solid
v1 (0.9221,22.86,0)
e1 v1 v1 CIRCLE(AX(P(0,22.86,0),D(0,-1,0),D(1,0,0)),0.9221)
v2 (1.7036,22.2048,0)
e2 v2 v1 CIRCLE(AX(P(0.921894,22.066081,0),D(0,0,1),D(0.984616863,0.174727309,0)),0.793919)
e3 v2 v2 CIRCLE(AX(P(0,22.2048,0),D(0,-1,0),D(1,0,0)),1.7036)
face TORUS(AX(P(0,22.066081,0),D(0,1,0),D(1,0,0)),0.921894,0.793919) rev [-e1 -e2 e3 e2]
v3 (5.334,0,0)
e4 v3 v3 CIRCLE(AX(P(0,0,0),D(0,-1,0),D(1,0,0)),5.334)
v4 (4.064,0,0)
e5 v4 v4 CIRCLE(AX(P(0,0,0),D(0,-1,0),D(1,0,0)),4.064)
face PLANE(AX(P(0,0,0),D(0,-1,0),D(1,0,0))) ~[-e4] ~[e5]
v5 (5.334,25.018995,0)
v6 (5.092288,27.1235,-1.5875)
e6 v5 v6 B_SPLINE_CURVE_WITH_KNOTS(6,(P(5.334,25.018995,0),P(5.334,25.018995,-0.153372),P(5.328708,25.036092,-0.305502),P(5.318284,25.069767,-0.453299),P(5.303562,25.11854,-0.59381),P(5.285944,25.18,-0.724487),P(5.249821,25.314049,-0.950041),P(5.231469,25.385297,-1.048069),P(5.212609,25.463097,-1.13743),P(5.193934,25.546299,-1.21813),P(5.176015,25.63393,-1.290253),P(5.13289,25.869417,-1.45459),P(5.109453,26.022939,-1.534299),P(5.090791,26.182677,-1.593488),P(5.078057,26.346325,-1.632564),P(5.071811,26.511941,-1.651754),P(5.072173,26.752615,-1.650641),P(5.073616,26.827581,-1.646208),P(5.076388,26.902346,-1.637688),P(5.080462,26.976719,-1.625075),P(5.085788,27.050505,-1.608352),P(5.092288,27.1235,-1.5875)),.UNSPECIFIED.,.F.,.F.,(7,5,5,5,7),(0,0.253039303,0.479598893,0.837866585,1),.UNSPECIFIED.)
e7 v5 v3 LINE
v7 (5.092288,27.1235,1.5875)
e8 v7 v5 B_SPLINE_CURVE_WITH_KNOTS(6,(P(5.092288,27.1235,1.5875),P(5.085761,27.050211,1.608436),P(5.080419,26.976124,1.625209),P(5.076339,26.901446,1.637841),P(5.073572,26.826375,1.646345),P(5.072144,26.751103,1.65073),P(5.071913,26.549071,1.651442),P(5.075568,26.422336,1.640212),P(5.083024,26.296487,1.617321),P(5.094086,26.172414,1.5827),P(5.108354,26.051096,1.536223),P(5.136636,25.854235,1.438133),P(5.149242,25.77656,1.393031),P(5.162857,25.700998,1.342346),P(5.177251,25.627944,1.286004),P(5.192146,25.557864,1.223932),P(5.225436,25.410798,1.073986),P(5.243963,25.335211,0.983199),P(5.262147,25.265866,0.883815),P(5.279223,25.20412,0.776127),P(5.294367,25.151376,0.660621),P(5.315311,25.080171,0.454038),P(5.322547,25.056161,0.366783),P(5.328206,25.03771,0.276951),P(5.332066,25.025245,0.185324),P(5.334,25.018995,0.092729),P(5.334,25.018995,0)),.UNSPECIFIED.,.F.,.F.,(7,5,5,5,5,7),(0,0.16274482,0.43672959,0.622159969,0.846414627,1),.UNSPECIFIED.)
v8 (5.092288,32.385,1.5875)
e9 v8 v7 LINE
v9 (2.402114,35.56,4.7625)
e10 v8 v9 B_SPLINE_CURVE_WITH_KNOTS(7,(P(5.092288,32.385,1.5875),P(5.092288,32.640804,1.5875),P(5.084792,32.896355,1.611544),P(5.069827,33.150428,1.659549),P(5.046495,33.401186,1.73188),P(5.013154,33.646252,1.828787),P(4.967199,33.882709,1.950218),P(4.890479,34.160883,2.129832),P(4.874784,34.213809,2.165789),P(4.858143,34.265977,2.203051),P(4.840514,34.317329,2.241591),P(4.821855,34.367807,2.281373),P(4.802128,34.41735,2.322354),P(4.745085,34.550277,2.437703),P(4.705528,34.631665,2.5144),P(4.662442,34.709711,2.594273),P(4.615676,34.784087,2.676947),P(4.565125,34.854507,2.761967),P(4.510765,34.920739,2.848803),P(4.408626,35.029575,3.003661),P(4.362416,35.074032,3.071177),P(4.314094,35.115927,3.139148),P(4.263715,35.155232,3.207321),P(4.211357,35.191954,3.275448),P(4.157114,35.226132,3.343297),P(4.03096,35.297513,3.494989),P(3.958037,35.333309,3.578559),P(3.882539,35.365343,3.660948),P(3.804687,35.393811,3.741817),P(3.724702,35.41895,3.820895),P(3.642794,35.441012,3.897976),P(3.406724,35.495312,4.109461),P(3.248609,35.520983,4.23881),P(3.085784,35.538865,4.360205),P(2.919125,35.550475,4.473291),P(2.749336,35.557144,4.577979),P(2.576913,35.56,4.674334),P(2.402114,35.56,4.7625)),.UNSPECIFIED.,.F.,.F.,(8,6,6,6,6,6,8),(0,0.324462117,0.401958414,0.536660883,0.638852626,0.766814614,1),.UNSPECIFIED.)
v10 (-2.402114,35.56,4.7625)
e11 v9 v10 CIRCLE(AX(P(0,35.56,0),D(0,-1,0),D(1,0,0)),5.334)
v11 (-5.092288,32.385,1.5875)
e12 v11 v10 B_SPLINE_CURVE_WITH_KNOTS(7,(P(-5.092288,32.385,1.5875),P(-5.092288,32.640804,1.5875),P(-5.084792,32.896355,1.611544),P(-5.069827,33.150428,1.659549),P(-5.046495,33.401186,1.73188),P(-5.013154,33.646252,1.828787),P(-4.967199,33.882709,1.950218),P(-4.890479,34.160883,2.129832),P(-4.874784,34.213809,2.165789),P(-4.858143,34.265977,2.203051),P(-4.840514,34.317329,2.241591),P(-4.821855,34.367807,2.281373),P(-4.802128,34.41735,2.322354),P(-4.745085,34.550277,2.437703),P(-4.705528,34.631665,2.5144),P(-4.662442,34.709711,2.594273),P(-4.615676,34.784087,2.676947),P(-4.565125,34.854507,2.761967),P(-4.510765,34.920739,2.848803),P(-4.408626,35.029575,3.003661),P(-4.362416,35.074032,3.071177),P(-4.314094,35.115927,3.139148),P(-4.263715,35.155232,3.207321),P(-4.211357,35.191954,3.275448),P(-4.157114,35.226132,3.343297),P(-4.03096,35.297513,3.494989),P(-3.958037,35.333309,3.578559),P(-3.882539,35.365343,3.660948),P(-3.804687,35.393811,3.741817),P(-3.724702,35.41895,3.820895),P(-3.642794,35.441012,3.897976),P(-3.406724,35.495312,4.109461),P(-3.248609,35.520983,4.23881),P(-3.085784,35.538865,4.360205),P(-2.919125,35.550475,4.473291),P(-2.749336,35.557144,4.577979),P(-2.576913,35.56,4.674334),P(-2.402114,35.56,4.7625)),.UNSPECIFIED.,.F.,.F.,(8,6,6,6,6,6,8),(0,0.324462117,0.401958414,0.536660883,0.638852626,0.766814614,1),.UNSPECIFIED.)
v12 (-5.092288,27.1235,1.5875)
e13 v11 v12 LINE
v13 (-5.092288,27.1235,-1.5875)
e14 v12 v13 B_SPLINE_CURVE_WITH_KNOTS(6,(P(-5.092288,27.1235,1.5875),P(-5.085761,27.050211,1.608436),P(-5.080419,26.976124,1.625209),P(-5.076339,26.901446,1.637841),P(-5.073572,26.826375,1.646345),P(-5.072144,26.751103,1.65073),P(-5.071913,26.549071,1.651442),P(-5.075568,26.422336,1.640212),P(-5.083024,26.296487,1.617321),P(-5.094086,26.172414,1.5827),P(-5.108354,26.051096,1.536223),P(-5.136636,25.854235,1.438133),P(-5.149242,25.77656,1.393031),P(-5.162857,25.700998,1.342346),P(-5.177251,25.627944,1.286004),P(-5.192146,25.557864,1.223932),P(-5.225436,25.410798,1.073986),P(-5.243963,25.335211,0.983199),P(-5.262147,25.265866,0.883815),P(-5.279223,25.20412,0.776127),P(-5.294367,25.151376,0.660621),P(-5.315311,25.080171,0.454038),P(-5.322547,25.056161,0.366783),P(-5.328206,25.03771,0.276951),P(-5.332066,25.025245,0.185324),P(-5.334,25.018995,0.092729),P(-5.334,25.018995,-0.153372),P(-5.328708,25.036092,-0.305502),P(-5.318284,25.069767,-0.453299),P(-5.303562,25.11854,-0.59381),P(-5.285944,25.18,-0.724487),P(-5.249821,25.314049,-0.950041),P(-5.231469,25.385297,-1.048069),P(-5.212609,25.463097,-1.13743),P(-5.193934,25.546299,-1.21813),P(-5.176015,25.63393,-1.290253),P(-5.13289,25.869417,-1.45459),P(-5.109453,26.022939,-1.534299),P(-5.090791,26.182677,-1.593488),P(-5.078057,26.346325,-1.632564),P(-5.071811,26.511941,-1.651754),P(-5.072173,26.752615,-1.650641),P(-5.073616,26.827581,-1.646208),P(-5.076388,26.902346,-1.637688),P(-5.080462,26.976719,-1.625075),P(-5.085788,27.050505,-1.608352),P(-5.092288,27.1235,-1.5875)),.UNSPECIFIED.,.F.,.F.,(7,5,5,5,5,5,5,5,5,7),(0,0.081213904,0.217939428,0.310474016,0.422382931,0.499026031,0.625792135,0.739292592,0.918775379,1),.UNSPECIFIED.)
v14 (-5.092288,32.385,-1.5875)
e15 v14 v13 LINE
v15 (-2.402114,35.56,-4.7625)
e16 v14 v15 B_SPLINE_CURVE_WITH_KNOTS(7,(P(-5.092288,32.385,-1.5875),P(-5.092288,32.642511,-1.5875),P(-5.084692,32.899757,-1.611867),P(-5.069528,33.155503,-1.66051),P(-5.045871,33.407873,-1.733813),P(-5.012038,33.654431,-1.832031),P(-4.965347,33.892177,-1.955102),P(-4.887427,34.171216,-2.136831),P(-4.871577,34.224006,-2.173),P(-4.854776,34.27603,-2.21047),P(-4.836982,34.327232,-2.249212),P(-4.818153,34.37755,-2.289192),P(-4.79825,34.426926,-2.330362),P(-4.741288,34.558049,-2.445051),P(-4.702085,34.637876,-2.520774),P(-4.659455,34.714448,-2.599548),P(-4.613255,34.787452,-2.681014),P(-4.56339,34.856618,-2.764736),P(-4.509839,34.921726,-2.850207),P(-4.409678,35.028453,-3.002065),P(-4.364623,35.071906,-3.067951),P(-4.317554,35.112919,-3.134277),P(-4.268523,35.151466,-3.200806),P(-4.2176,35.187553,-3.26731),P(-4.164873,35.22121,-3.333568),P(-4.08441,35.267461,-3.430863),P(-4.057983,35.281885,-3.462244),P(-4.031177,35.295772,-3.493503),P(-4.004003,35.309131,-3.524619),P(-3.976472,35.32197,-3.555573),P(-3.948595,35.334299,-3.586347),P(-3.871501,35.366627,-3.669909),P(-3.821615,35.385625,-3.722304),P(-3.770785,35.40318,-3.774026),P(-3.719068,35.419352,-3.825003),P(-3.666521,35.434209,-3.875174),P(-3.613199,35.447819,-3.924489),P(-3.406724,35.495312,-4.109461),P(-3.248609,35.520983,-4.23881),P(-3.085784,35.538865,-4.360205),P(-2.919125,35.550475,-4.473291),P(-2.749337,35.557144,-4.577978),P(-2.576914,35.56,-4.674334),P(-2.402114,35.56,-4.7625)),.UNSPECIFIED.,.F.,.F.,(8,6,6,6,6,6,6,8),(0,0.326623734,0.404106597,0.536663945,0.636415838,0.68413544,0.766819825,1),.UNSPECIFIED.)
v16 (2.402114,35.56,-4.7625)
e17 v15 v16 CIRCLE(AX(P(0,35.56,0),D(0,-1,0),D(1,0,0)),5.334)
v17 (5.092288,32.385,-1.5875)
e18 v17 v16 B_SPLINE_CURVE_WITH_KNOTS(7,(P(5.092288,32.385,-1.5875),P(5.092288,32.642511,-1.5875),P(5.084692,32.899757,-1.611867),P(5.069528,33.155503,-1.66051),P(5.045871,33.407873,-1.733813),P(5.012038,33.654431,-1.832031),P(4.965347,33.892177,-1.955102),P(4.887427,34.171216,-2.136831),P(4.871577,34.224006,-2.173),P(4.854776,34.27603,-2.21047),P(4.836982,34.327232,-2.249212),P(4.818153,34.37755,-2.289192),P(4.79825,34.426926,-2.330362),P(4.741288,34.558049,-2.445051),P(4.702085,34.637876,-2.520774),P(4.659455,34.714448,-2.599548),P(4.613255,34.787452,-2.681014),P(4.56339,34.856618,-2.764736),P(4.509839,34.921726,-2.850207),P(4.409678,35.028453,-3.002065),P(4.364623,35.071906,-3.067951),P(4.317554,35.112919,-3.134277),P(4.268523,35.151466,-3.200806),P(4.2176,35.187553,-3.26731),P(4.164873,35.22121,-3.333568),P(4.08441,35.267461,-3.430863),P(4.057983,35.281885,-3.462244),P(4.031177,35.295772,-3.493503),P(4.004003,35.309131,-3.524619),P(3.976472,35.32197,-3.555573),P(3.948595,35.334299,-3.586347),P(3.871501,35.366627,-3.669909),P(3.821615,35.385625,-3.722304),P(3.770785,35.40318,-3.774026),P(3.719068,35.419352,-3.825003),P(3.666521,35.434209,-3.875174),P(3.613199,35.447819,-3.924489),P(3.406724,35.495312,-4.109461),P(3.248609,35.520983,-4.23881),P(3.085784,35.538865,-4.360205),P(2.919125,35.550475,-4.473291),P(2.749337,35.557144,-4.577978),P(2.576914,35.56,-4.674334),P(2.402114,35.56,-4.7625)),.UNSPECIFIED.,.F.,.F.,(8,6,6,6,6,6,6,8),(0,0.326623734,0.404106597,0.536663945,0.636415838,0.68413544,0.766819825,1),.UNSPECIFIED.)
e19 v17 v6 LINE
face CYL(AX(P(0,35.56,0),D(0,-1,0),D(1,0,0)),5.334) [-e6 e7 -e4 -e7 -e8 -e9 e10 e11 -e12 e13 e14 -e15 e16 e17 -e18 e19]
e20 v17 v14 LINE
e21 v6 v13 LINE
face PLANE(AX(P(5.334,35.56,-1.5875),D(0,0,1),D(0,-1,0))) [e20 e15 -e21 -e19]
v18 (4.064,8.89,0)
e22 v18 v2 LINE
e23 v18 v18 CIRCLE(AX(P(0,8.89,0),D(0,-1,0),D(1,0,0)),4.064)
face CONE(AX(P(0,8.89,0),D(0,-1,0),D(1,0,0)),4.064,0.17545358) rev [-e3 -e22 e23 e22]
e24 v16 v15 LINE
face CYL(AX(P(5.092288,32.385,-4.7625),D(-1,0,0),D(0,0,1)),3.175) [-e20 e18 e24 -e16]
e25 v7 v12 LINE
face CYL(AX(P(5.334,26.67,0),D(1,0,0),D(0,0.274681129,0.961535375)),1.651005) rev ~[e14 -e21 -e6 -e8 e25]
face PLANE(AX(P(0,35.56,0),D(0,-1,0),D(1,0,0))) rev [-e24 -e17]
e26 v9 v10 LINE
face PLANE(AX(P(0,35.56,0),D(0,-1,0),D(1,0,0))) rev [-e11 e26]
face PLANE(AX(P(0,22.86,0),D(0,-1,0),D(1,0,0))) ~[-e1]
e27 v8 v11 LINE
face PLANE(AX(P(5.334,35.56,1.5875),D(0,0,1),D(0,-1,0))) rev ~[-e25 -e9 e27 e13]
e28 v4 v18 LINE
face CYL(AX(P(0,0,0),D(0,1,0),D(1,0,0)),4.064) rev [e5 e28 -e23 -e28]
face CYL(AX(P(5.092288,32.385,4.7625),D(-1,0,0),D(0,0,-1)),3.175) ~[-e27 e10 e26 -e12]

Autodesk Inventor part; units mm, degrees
ref_plane "XZ Plane" through (0, 0, 0) normal (0, 1, 0) x (-1, 0, 0)
ref_plane "XY Plane" through (0, 0, 0) normal (0, 0, 1) x (1, 0, 0)
sketch "Sketch2" plane through (0, 0, 0) normal (0, 0, 1) x (1, 0, 0)
  line L0 (0, 0) -> (5.334, 0) construction
  line L1 (5.334, 0) -> (5.334, 35.56) construction
  line L2 (5.334, 35.56) -> (0, 35.56) construction
  line L3 (0, 35.56) -> (0, 0) construction
  line L4 (4.064, 0) -> (4.064, 8.89)
  line L5 (4.064, 8.89) -> (1.7036, 22.2048)
  line L6 (0, 22.86) -> (0.9221, 22.86) construction
  line L7 (0, 8.89) -> (4.064, 8.89) construction
  line L8 (0, 22.86) -> (1.5875, 22.86)
  line L9 (4.064, 0) -> (5.334, 0)
  line L10 (0, 35.56) -> (0, 22.86)
  arc A0 (1.7036, 22.2048) -> (0.9221, 22.86) centre (0.9221, 22.0662) ccw
  line L11 (0, 35.56) -> (5.334, 35.56)
  line L12 (5.334, 35.56) -> (5.334, 0)
  dimension "d6" = 5.334
  dimension "d7" = 4.064
  dimension "d8" = 13.97
  dimension "d9" = 1.5875
  dimension "d10" = 8.89
  dimension "d14" = 0.7937
  dimension "d16" = 12.7
revolve "Revolution2" add sketch "Sketch2" angle 360 about axis through (0, 35.56, 0) along (0, -1, 0)
ref_plane "Work Plane1" through (5.334, 17.78, 0) normal (1, 0, 0) x (0, 1, 0)
sketch "Sketch3" plane through (5.334, 17.78, 0) normal (1, 0, 0) x (0, 1, 0)
  arc A0 (9.3435, 1.5875) -> (9.3435, -1.5875) centre (8.89, 0) ccw
  line L0 (17.78, 5.334) -> (17.78, -5.334) construction
  line L1 (17.78, 0) -> (8.89, 0) construction
  line L2 (17.78, -1.5875) -> (9.3435, -1.5875)
  line L3 (17.78, 1.5875) -> (9.3435, 1.5875)
  line L4 (17.78, 1.5875) -> (17.78, -1.5875)
  point P0 (-17.78, 0)
  dimension "d18" = 3.302
  dimension "d19" = 8.89
  dimension "d21" = 1.5875
extrude "Extrusion1" cut sketch "Sketch3" against normal through all
fillet "Fillet1" radius 3.175 2 edges at (0, 35.56, 1.5875) (0, 35.56, -1.5875)
equation "\"d6\" = shaftRadius + nockWallThickness"
equation "\"d7\" = shaftRadius"
equation "\"d8\" = shaftAngledLength"
equation "\"d9\" = shaftTipRadius"
equation "\"d16\" = knockTotalLength"
equation "\"d18\" = nockStringDiameter"
equation "\"d19\" = nockDepthLengh"
equation "\"d21\" = 0.5 * nockEndWidth"
equation "\"shaftTipDiameter\" = 3.175"
equation "\"shaftDiameter\" = 8.128"
equation "\"shaftAngledLength\" = 13.97"
equation "\"nockTotalLength\" = 31.75"
equation "\"shaftTipRadius\" = 0.5 * shaftTipDiameter"
equation "\"shaftRadius\" = 0.5 * shaftDiameter"
equation "\"nockWallThickness\" = 1.27"
equation "\"knockTotalLength\" = 12.7"
equation "\"nockDepthLengh\" = 8.89"
equation "\"nockStringDiameter\" = 3.302"
equation "\"nockEndWidth\" = 3.175"
properties part number "nockForCalli"
